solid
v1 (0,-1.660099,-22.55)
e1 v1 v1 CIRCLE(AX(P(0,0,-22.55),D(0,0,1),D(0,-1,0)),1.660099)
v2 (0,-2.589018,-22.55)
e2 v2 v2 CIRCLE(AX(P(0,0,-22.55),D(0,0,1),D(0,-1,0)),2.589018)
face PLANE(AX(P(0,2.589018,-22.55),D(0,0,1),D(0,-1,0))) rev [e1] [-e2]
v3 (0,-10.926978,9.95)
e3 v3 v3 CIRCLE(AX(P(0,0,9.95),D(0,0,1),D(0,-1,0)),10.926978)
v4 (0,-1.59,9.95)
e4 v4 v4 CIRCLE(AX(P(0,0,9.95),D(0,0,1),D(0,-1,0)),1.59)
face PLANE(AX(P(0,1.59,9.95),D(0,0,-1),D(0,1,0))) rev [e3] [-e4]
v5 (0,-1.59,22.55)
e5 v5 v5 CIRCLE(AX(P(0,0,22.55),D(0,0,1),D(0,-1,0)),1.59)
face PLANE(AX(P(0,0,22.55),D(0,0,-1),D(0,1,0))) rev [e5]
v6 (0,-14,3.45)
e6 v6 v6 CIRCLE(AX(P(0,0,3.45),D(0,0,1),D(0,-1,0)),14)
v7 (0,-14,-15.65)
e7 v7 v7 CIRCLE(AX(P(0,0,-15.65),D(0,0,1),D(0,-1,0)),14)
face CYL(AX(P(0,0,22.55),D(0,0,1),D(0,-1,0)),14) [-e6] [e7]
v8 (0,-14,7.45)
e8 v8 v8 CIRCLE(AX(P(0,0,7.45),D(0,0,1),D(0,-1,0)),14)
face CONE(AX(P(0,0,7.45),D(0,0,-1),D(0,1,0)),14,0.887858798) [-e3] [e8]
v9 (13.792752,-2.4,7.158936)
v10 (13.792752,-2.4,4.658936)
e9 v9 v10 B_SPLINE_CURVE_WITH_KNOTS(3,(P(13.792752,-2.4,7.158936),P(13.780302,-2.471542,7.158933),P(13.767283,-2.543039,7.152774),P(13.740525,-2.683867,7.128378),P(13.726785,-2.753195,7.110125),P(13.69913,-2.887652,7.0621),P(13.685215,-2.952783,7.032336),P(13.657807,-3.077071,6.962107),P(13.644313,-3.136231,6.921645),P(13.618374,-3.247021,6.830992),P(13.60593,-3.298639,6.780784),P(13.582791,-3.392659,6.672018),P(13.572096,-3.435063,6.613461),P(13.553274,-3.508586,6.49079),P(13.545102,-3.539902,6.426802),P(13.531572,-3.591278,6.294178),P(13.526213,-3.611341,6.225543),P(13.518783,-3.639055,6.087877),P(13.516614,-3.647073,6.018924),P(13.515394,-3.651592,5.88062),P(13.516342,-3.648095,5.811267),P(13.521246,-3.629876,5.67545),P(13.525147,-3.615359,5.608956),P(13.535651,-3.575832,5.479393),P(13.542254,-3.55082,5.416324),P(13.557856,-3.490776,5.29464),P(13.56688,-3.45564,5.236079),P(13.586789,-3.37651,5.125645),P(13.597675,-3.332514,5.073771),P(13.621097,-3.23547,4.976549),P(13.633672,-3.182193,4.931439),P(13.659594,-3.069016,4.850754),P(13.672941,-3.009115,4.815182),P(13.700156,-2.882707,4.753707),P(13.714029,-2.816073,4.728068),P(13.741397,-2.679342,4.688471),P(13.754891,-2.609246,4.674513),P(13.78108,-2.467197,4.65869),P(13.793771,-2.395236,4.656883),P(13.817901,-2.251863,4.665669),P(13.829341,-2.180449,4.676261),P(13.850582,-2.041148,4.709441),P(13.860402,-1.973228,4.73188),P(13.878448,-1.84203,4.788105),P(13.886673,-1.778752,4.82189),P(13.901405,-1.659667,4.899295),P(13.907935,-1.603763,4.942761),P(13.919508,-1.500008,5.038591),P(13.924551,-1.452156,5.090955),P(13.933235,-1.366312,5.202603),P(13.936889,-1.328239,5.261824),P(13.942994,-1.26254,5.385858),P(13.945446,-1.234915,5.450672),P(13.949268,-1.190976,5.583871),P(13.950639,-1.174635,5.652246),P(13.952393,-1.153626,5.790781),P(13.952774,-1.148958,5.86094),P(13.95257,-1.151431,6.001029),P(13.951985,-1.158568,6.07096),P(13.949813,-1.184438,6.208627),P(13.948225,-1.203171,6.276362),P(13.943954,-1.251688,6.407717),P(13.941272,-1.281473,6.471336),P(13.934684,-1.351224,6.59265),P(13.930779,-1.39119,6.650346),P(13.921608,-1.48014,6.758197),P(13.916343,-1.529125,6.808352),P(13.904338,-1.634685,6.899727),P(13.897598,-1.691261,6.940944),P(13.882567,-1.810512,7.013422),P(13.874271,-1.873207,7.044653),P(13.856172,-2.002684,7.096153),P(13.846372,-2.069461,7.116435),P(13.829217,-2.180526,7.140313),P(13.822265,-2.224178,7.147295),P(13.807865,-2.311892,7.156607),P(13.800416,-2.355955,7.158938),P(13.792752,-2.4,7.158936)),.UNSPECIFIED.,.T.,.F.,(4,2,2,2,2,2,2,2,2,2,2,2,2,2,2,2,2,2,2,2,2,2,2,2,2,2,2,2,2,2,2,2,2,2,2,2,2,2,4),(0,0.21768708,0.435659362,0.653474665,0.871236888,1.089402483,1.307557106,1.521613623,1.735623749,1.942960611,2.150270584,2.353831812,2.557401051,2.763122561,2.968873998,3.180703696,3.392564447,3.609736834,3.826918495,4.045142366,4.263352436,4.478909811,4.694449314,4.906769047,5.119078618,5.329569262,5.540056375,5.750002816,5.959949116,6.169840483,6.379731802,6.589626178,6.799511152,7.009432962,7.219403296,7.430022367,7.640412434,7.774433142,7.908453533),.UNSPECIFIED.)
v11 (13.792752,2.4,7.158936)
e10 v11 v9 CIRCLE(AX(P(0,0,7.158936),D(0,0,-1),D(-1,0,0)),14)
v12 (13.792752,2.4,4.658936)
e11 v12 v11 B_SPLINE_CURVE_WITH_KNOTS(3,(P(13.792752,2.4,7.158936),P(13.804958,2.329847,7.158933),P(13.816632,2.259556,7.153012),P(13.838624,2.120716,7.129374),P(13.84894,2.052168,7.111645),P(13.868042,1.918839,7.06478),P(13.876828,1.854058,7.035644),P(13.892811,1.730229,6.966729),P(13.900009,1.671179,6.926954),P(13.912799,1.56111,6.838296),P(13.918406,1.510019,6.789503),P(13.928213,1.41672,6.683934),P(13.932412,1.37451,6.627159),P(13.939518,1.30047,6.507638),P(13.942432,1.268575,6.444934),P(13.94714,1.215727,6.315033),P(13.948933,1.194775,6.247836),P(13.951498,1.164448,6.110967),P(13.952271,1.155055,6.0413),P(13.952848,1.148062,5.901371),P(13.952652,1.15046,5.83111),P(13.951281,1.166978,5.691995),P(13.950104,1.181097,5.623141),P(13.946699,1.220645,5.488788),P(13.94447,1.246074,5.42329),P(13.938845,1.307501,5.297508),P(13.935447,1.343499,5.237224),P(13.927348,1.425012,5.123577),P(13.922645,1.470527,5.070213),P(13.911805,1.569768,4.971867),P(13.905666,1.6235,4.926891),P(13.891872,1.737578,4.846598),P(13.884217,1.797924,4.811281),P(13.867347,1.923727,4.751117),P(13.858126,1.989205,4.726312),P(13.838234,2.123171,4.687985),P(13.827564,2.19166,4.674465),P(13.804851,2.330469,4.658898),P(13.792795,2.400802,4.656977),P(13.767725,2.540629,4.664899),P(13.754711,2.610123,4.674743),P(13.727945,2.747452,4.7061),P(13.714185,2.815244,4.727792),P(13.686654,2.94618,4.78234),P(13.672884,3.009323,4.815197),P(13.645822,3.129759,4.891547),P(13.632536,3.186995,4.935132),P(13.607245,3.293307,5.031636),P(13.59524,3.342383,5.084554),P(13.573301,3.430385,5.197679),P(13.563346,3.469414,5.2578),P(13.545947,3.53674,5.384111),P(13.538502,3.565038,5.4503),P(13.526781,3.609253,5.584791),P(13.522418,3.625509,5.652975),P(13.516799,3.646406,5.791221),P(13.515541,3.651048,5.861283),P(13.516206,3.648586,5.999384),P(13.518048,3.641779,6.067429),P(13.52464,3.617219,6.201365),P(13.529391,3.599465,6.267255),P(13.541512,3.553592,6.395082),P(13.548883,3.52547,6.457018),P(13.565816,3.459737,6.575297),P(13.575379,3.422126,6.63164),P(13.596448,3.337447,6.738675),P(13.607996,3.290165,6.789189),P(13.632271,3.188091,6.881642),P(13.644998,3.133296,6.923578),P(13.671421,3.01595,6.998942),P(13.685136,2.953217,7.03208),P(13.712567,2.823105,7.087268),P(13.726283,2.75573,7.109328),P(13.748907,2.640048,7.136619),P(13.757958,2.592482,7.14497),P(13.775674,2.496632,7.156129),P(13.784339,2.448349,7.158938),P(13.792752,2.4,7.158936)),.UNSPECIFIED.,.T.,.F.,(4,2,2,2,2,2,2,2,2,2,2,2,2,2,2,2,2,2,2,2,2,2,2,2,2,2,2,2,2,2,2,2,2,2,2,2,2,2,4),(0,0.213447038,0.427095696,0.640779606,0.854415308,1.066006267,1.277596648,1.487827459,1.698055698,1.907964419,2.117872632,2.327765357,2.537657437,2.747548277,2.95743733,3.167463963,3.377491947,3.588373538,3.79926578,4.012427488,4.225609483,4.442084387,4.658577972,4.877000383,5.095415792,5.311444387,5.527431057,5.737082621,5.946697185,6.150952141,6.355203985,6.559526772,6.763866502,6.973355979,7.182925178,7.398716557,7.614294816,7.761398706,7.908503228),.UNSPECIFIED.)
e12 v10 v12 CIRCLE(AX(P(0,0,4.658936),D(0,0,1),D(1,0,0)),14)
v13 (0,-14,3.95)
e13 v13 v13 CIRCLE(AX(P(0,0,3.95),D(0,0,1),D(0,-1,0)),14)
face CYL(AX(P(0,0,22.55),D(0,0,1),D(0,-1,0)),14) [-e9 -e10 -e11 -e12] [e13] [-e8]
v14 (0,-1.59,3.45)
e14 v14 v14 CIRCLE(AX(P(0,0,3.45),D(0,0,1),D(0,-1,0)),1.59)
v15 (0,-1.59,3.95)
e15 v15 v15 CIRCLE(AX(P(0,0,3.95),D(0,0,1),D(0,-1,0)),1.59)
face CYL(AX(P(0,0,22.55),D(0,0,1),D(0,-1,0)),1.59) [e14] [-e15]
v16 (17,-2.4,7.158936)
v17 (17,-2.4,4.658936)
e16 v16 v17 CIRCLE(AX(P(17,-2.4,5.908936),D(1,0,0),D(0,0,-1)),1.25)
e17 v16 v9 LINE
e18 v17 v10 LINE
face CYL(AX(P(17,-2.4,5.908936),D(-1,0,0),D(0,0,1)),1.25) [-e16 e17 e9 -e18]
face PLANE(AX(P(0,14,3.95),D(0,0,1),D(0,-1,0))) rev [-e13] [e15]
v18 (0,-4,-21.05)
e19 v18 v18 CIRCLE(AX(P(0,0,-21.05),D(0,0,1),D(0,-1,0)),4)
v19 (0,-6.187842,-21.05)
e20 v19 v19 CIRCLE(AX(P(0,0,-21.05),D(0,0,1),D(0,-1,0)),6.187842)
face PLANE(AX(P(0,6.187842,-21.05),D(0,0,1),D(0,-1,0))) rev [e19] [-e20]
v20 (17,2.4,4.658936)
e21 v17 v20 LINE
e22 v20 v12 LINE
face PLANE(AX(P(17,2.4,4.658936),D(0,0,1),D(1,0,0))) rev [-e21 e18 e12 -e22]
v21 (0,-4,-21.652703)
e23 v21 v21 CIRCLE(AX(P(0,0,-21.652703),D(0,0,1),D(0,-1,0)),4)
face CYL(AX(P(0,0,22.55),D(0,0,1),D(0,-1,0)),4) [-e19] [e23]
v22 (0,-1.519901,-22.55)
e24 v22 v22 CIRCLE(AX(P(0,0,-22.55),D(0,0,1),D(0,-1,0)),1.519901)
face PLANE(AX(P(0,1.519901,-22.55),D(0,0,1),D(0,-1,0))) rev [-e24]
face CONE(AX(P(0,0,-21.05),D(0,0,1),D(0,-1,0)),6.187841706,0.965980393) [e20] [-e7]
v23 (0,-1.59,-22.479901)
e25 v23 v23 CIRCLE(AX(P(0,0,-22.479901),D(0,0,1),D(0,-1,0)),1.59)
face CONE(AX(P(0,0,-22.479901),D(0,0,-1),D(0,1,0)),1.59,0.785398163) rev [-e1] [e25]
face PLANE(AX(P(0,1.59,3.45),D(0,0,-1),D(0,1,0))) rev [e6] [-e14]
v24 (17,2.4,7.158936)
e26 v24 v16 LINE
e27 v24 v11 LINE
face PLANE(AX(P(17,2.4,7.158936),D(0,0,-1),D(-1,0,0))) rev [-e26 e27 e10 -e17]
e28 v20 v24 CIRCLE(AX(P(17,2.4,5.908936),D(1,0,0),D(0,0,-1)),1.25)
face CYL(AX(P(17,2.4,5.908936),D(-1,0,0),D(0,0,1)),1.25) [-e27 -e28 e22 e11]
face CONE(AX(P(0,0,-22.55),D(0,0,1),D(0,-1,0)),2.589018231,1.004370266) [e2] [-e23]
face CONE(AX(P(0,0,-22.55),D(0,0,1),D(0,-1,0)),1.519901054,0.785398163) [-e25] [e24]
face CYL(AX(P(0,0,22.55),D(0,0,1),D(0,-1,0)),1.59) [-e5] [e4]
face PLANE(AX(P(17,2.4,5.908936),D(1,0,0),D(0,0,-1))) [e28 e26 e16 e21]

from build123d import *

# Parameters (mm, degrees)
BOSS_EXTRUDE1_DEPTH = 17


with BuildPart() as part:
    # Sketch1 → Revolve1 (revolve)
    with BuildSketch(Plane(origin=(0, 0, 0), x_dir=(0, 0, -1), z_dir=(1, 0, 0)), mode=Mode.PRIVATE) as revolve1_sk:
        Polygon((-22.55, 0), (-22.55, 1.59), (-9.95, 1.59), (-9.95, 10.926977996), (-7.45, 14), (-3.95, 14), (-3.95, 1.59), (-3.45, 1.59), (-3.45, 14), (15.65, 14), (21.05, 6.187841706), (21.05, 4), (21.652703363, 4), (22.55, 2.589018231), (22.55, 1.660098946), (22.479901054, 1.59), (22.55, 1.519901054), (22.55, 0), align=None)
    revolve(revolve1_sk.sketch.rotate(Axis((0, 0, 22.55), (0, 0, -1)), 180), axis=Axis((0, 0, 22.55), (0, 0, -1)))

    # Sketch2 → Boss-Extrude1 (add)
    with BuildSketch(Plane(origin=(0, 0, 0), x_dir=(0, 0, -1), z_dir=(1, 0, 0))):
        with BuildLine():
            Line((-4.658936123, 2.4), (-4.658936123, -2.4))
            ThreePointArc((-4.658936123, -2.4), (-5.908936123, -3.65), (-7.158936123, -2.4))
            Line((-7.158936123, -2.4), (-7.158936123, 2.4))
            ThreePointArc((-7.158936123, 2.4), (-5.908936123, 3.65), (-4.658936123, 2.4))
        make_face()
    extrude(amount=BOSS_EXTRUDE1_DEPTH)


solid = part.part
